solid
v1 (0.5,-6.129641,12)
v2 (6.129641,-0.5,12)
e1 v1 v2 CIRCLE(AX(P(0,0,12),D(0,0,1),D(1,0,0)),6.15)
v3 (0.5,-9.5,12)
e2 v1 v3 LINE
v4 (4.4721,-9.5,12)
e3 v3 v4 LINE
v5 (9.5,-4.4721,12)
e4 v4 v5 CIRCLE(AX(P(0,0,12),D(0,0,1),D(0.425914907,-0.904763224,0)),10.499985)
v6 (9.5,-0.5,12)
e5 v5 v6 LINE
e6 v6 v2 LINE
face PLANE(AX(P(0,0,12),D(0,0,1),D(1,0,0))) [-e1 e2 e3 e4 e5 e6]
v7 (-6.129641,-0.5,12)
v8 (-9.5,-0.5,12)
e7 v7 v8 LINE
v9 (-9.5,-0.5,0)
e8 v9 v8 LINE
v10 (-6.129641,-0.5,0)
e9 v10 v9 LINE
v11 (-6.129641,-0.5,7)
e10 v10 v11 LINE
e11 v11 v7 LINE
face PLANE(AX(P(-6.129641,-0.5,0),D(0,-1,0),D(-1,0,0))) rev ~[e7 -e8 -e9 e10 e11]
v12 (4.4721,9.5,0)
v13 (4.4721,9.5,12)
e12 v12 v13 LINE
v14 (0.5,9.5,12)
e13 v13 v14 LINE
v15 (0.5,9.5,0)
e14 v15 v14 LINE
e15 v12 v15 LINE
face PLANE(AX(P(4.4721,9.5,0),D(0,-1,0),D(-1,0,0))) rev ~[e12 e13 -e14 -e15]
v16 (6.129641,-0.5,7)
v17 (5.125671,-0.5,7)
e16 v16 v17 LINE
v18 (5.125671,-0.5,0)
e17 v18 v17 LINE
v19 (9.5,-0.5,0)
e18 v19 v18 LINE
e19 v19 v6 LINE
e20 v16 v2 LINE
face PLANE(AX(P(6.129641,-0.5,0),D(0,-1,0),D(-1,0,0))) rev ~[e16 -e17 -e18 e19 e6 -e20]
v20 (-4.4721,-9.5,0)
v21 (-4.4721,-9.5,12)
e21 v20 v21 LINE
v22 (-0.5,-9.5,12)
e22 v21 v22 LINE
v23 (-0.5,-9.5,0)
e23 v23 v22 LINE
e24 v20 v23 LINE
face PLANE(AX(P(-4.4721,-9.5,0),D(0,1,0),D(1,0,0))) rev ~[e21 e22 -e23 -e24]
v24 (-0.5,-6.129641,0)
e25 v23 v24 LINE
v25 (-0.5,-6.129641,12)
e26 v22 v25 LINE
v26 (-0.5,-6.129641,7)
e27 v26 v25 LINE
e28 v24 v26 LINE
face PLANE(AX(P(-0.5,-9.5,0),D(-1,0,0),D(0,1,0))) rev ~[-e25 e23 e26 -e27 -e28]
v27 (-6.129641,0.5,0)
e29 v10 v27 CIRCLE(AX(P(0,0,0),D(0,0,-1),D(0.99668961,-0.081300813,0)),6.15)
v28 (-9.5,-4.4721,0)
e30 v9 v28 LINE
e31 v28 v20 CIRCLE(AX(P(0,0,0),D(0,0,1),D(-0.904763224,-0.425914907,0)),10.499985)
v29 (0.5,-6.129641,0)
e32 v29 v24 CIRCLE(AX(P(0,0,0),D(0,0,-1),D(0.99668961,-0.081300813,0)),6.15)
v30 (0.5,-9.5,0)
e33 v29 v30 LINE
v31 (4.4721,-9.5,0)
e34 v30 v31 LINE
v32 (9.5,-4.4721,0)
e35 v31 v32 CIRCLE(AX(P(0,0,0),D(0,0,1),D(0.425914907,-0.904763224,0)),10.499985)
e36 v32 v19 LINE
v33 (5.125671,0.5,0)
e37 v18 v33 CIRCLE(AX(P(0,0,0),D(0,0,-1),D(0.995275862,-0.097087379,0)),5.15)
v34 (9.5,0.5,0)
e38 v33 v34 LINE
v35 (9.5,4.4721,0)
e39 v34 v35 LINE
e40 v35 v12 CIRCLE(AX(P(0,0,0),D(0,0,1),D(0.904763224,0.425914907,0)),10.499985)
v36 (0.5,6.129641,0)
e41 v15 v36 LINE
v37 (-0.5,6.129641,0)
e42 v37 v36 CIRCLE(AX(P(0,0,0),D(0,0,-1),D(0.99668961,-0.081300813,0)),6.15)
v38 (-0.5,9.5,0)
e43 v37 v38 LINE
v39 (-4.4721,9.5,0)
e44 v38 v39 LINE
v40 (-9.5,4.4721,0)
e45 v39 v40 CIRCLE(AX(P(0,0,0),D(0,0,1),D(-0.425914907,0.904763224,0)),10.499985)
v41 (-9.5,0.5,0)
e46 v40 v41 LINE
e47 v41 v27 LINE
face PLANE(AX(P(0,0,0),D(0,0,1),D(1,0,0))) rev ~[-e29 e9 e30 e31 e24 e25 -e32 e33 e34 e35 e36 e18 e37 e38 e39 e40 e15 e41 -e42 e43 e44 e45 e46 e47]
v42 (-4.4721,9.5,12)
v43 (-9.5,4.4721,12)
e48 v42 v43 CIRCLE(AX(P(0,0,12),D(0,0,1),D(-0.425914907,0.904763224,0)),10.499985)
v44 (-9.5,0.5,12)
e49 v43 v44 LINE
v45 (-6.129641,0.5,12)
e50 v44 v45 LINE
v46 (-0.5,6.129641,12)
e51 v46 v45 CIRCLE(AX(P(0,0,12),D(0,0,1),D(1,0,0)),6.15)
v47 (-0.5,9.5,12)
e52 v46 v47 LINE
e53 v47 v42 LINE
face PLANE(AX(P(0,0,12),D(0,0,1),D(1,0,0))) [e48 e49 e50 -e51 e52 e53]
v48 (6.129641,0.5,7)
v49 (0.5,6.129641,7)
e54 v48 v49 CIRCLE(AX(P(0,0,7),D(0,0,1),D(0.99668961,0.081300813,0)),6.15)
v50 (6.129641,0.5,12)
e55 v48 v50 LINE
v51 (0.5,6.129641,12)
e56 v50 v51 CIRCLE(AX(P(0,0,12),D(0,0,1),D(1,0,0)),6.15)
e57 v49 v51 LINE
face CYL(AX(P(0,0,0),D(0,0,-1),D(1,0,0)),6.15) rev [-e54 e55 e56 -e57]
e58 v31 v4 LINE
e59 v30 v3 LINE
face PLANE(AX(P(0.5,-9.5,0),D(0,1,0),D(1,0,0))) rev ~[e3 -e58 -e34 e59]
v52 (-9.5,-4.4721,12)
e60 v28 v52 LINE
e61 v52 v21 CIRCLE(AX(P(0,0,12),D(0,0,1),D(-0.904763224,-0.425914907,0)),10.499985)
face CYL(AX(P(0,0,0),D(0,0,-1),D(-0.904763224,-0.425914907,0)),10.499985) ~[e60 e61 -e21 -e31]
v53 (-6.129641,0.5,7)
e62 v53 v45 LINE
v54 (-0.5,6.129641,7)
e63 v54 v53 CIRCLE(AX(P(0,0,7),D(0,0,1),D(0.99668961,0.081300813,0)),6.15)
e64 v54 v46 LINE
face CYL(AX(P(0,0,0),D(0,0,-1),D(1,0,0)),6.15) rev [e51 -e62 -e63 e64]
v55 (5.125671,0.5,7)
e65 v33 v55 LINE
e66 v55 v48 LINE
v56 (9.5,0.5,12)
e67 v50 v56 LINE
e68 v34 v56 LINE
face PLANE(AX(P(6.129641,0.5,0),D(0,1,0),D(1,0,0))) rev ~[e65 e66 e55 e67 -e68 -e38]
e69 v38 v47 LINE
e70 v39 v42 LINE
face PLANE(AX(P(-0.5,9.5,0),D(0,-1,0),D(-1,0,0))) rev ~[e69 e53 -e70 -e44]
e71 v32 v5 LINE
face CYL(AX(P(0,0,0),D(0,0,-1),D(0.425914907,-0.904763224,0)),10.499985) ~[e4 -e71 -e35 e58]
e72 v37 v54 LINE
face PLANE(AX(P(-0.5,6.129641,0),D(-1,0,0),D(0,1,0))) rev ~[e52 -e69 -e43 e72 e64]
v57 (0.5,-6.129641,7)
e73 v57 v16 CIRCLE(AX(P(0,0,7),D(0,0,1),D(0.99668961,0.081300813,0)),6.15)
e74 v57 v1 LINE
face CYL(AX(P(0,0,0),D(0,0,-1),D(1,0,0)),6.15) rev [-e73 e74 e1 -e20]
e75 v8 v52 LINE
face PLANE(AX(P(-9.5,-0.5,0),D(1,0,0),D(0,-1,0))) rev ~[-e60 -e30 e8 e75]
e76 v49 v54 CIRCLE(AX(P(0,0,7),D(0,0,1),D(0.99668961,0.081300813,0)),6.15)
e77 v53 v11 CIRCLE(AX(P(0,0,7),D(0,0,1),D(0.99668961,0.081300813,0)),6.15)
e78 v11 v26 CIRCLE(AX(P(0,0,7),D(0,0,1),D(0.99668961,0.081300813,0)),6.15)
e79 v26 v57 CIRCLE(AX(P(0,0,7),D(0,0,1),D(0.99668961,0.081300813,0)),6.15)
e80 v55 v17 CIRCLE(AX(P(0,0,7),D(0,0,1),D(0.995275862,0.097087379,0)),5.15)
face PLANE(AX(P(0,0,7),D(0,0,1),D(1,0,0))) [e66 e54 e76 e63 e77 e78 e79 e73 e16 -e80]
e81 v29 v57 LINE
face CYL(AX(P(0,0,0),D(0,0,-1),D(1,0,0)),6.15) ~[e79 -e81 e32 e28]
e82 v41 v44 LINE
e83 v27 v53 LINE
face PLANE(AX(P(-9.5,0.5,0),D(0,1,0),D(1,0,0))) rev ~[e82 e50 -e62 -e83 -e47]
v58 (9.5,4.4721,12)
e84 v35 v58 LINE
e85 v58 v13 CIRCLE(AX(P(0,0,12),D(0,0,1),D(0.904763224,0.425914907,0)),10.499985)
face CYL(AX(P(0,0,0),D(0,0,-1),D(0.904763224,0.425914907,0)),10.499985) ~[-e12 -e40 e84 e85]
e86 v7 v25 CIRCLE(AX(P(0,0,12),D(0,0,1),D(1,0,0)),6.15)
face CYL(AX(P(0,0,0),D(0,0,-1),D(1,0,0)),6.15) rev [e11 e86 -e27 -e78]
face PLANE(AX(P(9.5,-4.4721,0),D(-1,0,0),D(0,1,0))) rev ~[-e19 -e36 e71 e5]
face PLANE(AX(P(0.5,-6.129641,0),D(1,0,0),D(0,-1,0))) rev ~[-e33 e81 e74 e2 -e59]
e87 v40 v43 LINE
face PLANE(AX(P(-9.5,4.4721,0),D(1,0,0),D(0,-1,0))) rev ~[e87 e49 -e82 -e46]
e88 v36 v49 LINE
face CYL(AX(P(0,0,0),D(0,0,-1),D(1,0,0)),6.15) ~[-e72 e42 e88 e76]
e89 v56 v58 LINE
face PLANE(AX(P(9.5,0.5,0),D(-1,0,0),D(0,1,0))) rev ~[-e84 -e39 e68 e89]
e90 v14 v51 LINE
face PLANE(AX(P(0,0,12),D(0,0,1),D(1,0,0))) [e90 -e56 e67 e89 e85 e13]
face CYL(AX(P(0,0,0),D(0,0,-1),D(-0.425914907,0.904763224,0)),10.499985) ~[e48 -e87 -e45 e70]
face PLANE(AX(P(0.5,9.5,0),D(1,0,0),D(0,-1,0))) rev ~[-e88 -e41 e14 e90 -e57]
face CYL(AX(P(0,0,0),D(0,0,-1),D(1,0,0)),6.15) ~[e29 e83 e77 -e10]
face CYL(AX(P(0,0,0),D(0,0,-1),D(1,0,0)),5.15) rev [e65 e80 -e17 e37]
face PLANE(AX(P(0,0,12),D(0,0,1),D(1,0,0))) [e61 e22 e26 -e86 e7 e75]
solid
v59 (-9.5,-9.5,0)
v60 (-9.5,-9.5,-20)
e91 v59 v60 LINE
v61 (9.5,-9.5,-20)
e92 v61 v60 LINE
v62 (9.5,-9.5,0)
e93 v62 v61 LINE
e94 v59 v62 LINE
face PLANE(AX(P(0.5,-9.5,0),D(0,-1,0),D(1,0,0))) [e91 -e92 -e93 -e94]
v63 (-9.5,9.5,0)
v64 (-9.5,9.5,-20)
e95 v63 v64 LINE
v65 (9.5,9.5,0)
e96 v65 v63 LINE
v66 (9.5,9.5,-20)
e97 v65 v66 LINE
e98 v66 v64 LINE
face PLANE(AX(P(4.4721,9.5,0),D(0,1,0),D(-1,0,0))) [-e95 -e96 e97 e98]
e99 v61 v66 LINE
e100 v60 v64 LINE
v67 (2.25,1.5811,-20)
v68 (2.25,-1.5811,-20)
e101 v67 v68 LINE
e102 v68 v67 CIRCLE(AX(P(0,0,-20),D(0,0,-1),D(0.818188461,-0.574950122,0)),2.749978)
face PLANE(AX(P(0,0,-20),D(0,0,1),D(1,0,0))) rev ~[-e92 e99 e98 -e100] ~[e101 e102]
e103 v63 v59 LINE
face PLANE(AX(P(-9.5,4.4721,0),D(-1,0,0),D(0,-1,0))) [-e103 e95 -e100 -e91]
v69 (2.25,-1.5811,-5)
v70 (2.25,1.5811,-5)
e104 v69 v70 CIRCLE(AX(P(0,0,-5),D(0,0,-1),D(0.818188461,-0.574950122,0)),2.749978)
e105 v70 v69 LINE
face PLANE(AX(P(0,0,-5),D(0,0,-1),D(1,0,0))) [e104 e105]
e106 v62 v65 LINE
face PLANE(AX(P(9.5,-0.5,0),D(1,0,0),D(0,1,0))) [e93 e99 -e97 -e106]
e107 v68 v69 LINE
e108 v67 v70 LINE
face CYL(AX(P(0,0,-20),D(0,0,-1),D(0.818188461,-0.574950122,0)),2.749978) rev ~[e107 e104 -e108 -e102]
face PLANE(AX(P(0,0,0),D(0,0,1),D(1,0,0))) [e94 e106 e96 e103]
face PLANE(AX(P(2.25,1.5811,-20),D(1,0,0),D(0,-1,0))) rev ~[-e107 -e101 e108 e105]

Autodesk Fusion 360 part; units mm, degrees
sketch "Sketch1" plane through (0, 0, 0) normal (0, 0, 1) x (1, 0, 0)
  circle A0 centre (0, 0) radius 5.15
  circle A1 centre (0, 0) radius 6.15
  line L0 (9.5, 9.5) -> (-9.5, 9.5)
  line L1 (-9.5, 9.5) -> (-9.5, -9.5)
  line L2 (-9.5, -9.5) -> (9.5, -9.5)
  line L3 (9.5, -9.5) -> (9.5, 9.5)
  line L4 (9.5, 9.5) -> (-9.5, -9.5) construction
  line L5 (-9.5, 9.5) -> (9.5, -9.5) construction
  line L6 (-7.4246, 7.4246) -> (7.4246, -7.4246) construction
  arc A2 (-4.4721, 9.5) -> (-9.5, 4.4721) centre (0, 0) ccw
  line L7 (-2.75, 0) -> (2.25, 0) construction
  line L8 (2.25, 1.5811) -> (2.25, -1.5811)
  arc A3 (2.25, 1.5811) -> (2.25, -1.5811) centre (0, 0) ccw
  arc A4 (-9.5, -4.4721) -> (-4.4721, -9.5) centre (0, 0) ccw
  arc A5 (4.4721, -9.5) -> (9.5, -4.4721) centre (0, 0) ccw
  arc A6 (9.5, 4.4721) -> (4.4721, 9.5) centre (0, 0) ccw
  line L9 (-0.5, 9.5) -> (0.5, 9.5) construction
  line L10 (0.5, 9.5) -> (0.5, -9.5)
  line L11 (0.5, -9.5) -> (-0.5, -9.5) construction
  line L12 (-0.5, -9.5) -> (-0.5, 9.5)
  line L13 (-0.5, 9.5) -> (0.5, -9.5) construction
  line L14 (0.5, 9.5) -> (-0.5, -9.5) construction
  line L15 (-9.5, 0.5) -> (9.5, 0.5)
  line L16 (9.5, 0.5) -> (9.5, -0.5) construction
  line L17 (9.5, -0.5) -> (-9.5, -0.5)
  line L18 (-9.5, -0.5) -> (-9.5, 0.5) construction
  line L19 (-9.5, 0.5) -> (9.5, -0.5) construction
  line L20 (9.5, 0.5) -> (-9.5, -0.5) construction
  dimension "d1" = 10.3
  dimension "d2" = 1
  dimension "d3" = 19
  dimension "d4" = 19
  dimension "d5" = 21
  dimension "d6" = 5.5
  dimension "d7" = 5
  dimension "d9" = 360
  dimension "d10" = 1
  dimension "d11" = 19
  dimension "d12" = 1
extrude "Extrude1" add sketch "Sketch1" along normal blind 12 contours A1 L0 L3 A6 L10 L15 | A1 L2 L3 A5 L10 L17 | A1 L0 L1 A2 L12 L15 | A1 L1 L2 A4 L12 L17 makes body 1 at (6.0994, 0.787, 4) makes body 2 at (-1.0723, -6.0558, 8) makes body 3 at (-3.922, 4.7372, 8) makes body 4 at (3.922, -4.7372, 8)
extrude "Extrude2" add sketch "Sketch1" along normal blind 7 contours A0 A1 L10 L15 | A0 A1 L10 L17 | A0 A1 L10 L12 | A0 A1 L10 L12 | A0 A1 L12 L15 | A0 A1 L12 L17 | A0 A1 L15 L17 picked at (-5.4675, -0.389) bodies 1 2 3 4
extrude "Extrude3" add sketch "Sketch1" against normal blind 20 separate body makes body 5
sketch "Sketch2" plane through (0, 0, -20) normal (0, 0, -1) x (1, 0, 0)
  line L0 (9.5, -9.5) -> (9.5, 9.5)
  line L1 (9.5, 9.5) -> (-9.5, 9.5)
  line L2 (-9.5, 9.5) -> (-9.5, -9.5)
  line L3 (-9.5, -9.5) -> (9.5, -9.5)
  arc A0 (2.25, 1.5811) -> (2.25, -1.5811) centre (0, 0) ccw
  line L4 (2.25, -1.5811) -> (2.25, 1.5811)
extrude "Extrude4" cut sketch "Sketch2" against normal blind 15 contours A0 L4 bodies 5
